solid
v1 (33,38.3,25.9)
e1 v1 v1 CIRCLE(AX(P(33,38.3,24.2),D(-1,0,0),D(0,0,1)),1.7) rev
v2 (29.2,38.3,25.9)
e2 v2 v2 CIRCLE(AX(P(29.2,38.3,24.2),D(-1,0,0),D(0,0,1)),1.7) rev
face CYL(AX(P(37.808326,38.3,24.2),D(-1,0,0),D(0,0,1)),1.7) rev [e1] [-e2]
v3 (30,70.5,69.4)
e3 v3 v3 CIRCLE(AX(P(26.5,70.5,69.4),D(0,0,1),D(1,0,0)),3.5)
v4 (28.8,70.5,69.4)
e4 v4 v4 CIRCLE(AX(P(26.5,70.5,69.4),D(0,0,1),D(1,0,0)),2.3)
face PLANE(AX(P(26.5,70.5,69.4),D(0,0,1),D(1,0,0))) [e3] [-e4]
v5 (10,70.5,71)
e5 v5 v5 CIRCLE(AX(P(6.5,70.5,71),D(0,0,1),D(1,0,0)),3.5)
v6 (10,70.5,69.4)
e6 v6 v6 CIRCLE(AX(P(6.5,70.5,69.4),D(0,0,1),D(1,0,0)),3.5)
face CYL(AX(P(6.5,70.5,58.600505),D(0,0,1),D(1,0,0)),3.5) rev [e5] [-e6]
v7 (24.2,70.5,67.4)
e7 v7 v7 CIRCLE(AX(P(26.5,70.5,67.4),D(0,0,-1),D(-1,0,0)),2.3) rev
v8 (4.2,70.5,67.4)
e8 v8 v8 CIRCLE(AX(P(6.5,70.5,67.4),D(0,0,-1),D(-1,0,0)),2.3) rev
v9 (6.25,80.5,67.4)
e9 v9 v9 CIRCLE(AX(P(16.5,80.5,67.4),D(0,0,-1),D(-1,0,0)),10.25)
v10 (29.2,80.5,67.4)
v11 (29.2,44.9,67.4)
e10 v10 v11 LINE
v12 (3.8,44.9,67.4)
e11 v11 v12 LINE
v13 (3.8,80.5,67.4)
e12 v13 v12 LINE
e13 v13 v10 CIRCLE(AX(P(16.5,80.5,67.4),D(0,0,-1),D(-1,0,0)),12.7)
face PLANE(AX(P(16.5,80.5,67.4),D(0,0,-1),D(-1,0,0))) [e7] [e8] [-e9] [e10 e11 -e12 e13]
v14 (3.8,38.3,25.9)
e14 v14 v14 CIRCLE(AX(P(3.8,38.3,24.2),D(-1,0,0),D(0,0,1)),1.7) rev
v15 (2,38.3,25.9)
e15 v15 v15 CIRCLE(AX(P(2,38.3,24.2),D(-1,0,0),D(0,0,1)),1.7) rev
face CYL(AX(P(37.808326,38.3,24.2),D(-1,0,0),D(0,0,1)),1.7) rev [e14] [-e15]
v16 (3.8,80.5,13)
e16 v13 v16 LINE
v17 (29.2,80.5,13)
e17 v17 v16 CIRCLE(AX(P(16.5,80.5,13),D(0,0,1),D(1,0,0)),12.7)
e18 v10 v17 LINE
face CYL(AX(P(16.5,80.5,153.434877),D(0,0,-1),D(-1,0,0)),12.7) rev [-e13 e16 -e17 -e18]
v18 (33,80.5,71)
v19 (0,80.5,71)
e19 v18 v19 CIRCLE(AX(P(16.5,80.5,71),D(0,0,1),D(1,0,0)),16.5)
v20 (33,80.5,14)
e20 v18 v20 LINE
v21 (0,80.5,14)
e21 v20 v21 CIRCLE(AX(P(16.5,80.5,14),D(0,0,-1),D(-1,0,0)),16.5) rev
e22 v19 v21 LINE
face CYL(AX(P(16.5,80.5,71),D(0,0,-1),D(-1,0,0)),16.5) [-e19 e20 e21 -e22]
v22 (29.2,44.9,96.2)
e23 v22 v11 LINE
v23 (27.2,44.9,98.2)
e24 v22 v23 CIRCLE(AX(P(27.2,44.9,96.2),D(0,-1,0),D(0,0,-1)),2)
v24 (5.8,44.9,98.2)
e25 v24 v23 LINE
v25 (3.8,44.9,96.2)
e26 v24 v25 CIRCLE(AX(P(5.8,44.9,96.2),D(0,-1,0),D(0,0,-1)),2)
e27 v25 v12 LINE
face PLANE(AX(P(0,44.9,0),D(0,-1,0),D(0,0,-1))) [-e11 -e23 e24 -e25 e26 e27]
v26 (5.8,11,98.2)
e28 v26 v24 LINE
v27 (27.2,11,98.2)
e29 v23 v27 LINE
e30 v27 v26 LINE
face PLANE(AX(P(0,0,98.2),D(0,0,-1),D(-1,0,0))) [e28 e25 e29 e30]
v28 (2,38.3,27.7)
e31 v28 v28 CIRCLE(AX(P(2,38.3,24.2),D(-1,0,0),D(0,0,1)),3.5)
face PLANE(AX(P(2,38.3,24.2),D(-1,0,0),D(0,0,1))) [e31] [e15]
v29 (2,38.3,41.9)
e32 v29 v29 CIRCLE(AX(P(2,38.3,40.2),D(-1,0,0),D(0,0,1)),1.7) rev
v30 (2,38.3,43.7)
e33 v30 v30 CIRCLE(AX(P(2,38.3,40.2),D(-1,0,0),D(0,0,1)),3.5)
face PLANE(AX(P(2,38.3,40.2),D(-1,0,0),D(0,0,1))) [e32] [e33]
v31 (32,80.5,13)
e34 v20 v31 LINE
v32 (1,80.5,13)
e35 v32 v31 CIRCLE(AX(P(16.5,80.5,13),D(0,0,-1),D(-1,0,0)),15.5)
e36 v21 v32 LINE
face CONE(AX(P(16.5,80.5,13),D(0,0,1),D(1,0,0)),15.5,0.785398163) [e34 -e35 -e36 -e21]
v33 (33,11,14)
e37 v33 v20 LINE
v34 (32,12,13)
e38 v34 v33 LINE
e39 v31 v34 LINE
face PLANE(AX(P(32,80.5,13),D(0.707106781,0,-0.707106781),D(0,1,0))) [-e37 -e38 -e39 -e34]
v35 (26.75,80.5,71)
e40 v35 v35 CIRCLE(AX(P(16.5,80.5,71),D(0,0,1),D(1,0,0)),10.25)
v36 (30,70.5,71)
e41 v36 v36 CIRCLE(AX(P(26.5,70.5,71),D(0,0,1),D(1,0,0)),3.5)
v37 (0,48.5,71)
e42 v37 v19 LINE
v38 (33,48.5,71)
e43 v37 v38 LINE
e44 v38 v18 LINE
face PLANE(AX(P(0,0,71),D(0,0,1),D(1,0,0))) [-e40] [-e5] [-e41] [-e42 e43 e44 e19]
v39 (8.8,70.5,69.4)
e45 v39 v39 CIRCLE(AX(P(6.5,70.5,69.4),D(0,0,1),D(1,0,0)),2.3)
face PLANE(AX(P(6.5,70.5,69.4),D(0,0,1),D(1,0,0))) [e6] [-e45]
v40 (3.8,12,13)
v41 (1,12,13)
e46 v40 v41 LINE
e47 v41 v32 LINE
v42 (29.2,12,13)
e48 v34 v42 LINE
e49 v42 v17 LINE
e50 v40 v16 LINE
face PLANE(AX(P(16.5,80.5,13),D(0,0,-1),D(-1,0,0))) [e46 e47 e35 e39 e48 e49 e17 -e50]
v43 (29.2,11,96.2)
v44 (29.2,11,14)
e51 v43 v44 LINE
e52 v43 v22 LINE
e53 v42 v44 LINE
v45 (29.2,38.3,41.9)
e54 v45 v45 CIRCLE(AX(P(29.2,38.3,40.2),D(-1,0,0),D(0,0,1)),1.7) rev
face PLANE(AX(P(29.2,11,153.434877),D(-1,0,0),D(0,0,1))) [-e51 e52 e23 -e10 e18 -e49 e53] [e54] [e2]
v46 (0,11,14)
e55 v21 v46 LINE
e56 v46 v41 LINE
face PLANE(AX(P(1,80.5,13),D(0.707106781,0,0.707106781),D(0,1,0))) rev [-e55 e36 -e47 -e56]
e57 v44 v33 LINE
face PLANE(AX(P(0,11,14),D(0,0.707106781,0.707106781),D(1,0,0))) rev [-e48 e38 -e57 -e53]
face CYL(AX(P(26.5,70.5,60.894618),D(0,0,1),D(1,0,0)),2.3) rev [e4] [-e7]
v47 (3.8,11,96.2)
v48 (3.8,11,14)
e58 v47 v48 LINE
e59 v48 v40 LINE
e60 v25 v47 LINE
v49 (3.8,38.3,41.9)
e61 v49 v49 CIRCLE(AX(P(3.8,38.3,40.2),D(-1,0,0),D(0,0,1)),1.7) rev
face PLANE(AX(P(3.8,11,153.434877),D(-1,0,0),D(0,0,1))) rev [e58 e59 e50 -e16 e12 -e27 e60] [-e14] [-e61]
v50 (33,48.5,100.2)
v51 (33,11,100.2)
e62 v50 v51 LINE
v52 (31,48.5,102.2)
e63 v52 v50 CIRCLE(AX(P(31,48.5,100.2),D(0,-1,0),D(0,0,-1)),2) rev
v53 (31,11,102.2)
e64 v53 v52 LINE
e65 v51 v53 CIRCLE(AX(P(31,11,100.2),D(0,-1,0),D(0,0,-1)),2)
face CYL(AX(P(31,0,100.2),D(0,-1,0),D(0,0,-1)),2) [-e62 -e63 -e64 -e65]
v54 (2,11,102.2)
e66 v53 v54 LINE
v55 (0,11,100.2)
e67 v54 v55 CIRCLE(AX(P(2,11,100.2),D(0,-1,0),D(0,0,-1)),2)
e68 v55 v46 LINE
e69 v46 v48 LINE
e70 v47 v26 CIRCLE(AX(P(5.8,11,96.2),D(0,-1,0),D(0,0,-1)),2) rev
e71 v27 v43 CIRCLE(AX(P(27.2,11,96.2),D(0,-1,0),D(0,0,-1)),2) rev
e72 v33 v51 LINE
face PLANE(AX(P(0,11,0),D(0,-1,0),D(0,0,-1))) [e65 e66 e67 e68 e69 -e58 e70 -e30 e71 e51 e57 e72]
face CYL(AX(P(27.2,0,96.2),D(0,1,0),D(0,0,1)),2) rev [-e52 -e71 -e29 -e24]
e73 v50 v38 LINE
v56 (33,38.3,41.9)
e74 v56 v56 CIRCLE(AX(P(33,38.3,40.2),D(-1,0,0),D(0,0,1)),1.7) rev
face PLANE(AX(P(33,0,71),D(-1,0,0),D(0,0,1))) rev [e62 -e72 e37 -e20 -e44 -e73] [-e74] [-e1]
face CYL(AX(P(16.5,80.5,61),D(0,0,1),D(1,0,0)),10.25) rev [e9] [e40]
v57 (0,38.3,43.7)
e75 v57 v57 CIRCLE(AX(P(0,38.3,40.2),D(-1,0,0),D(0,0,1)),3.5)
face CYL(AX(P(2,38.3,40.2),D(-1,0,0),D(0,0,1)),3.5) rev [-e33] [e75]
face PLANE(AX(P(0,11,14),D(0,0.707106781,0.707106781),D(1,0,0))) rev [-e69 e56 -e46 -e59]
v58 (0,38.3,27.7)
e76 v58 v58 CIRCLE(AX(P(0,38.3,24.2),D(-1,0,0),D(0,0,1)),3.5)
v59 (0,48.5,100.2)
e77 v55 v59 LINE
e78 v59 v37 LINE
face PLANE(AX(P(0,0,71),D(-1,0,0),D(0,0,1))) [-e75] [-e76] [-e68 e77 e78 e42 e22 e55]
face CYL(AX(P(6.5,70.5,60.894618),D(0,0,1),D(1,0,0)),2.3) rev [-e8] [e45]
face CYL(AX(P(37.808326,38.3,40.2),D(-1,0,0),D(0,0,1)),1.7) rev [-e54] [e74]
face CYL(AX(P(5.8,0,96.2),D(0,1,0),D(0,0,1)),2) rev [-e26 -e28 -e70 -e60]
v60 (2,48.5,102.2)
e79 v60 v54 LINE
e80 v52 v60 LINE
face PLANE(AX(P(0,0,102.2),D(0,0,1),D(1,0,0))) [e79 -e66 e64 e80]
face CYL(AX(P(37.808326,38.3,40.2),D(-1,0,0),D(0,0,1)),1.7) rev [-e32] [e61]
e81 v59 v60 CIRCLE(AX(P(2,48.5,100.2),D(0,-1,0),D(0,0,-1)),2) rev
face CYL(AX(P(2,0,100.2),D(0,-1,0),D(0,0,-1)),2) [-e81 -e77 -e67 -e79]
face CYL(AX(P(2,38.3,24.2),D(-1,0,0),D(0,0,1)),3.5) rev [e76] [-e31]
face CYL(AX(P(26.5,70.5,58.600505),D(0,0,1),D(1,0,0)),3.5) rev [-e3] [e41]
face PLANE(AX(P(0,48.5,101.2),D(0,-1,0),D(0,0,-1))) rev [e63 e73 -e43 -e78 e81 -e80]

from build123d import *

# Parameters (mm, degrees)
SKETCH1_W                                      = 4
SKETCH1_H                                      = 80.5
BOSS_EXTRUDE1_DEPTH                            = 71
BOSS_EXTRUDE2_START                            = -4
BOSS_EXTRUDE2_DEPTH                            = 4
BOSS_EXTRUDE3_DEPTH                            = 34.2
CUT_EXTRUDE1_DEPTH                             = 13
CUT_EXTRUDE2_DEPTH                             = 13
SKETCH6_R                                      = 1.7
CUT_EXTRUDE3_DEPTH                             = 13
SKETCH7_R                                      = 3.25
CUT_EXTRUDE4_DEPTH                             = 2.5
BOSS_EXTRUDE4_DEPTH                            = 44.5
SKETCH10_W                                     = 46.002383675
SKETCH10_H                                     = 61.711229379
CUT_EXTRUDE5_DEPTH                             = 42
BOSS_EXTRUDE5_DEPTH                            = 4
CUT_EXTRUDE6_DEPTH                             = 10.6
CUT_EXTRUDE7_REACH                             = 148.85
SKETCH13_R                                     = 1.7
SKETCH14_W                                     = 25
SKETCH14_H                                     = 33.9
BOSS_EXTRUDE6_DEPTH                            = 1
CUT_EXTRUDE8_DEPTH                             = 15
SKETCH16_W                                     = 10.4
SKETCH16_H                                     = 1.3
CUT_EXTRUDE9_DEPTH                             = 15
POPUNIO_RUPU_DEPTH                             = 15
SKETCH18_W                                     = 33
SKETCH18_H                                     = 37.9
SASEKAO_ZA_TRI_MM_DEPTH                        = 3
SKETCH19_R                                     = 3.5
SKETCH19_R_2                                   = 3.25
POVE_AO_RUPE_ZA_ZAVRTNJE_DEPTH                 = 2.5
SKRATIO_DNO_DEPTH                              = 0.4
SKETCH21_W                                     = 25
SKETCH21_H                                     = 33.2
NAPRAVIO_MALO_VI_E_MESTA_ZA_VRH_RAZVODNI_DEPTH = 0.4
SKRATIO_CEONI_DEO_DEPTH                        = 0.4
NAPRAVIO_MESTA_ZA_DRZAC_1_REACH                = 137.848
SKETCH24_W                                     = 0.2
SKETCH24_H                                     = 33.9
NAPRAVIO_EMSTA_ZA_DRZAC_2_DEPTH                = 32.8
CHAMFER1_SIZE                                  = 1
SKETCH26_R                                     = 2.3
POVECAO_OTVOR_ZA_M3_DEPTH                      = 1.1
SKETCH27_R                                     = 10.25
POVECAO_OTVOR_ZA_PRIKLJUCAK_DEPTH              = 10
SKETCH28_W                                     = 25.4
SKETCH28_H                                     = 33.9
BOSS_EXTRUDE7_DEPTH                            = 2
ZAOBLJENJE_ZA_PRST_R                           = 2
OBORENA_IVICA_ZA_AKU_SIZE                      = 1
BOSS_EXTRUDE8_START                            = 0.9
SKETCH29_R                                     = 3.5
SKETCH29_R_2                                   = 2.3
BOSS_EXTRUDE8_DEPTH                            = 0.9
SKETCH30_R                                     = 3.5
CUT_EXTRUDE10_DEPTH                            = 2


with BuildPart() as part:
    # Sketch1 → Boss-Extrude1 (new body)
    with BuildSketch(Plane.XY):
        with Locations((2, 40.25)):
            Rectangle(SKETCH1_W, SKETCH1_H)
        with BuildLine():
            Line((0, 80.5), (4, 80.5))
            ThreePointArc((4, 80.5), (16.5, 93), (29, 80.5))
            Line((29, 80.5), (33, 80.5))
            ThreePointArc((33, 80.5), (16.5, 97), (0, 80.5))
        make_face()
        with Locations((31, 40.25)):
            Rectangle(SKETCH1_W, SKETCH1_H)
    extrude(amount=BOSS_EXTRUDE1_DEPTH)

    # Sketch2 → Boss-Extrude2 (add)
    with BuildSketch(Plane.XY.offset(71).offset(BOSS_EXTRUDE2_START)):
        with BuildLine():
            Line((33, 48.5), (0, 48.5))
            Line((0, 48.5), (0, 80.5))
            ThreePointArc((0, 80.5), (16.5, 97), (33, 80.5))
            Line((33, 80.5), (33, 48.5))
        make_face()
    extrude(amount=BOSS_EXTRUDE2_DEPTH)

    # Sketch3 → Boss-Extrude3 (add)
    with BuildSketch(Plane(origin=(0, 0, 67), x_dir=(-1, 0, 0), z_dir=(0, 0, -1))):
        Polygon((-33, 0), (-33, 48.5), (-29, 48.5), (-4, 48.5), (0, 48.5), (0, 0), (-3.837905566, 0), (-4, 44.5), (-29, 44.5), (-29.162094434, 0), align=None)
    extrude(amount=-BOSS_EXTRUDE3_DEPTH)

    # Sketch4 → Cut-Extrude1 (cut)
    with BuildSketch(Plane(origin=(0, 0, 0), x_dir=(-1, 0, 0), z_dir=(0, 0, -1))):
        with BuildLine():
            Line((-4, 80.5), (-4, 0))
            Line((-4, 0), (0, 0))
            Line((0, 0), (0, 80.5))
            ThreePointArc((0, 80.5), (-16.5, 97), (-33, 80.5))
            Line((-33, 80.5), (-33, 0))
            Line((-33, 0), (-29, 0))
            Line((-29, 0), (-29, 80.5))
            ThreePointArc((-29, 80.5), (-16.5, 93), (-4, 80.5))
        make_face()
    extrude(amount=-CUT_EXTRUDE1_DEPTH, mode=Mode.SUBTRACT)

    # Sketch5 → Cut-Extrude2 (cut)
    with BuildSketch(Plane.XY.offset(71)):
        with BuildLine():
            ThreePointArc((26.5, 80.5), (16.5, 90.5), (6.5, 80.5))
            Line((6.5, 80.5), (26.5, 80.5))
        make_face()
        with BuildLine():
            Line((26.5, 80.5), (6.5, 80.5))
            ThreePointArc((6.5, 80.5), (16.5, 70.5), (26.5, 80.5))
        make_face()
    extrude(amount=-CUT_EXTRUDE2_DEPTH, mode=Mode.SUBTRACT)

    # Sketch6 → Cut-Extrude3 (cut)
    with BuildSketch(Plane.XY.offset(71)):
        with Locations((6.5, 70.5)):
            Circle(SKETCH6_R)
        with BuildLine():
            ThreePointArc((28.2, 70.5), (26.5, 72.2), (24.8, 70.5))
            Line((24.8, 70.5), (28.2, 70.5))
        make_face()
        with BuildLine():
            Line((28.2, 70.5), (24.8, 70.5))
            ThreePointArc((24.8, 70.5), (26.5, 68.8), (28.2, 70.5))
        make_face()
    extrude(amount=-CUT_EXTRUDE3_DEPTH, mode=Mode.SUBTRACT)

    # Sketch7 → Cut-Extrude4 (cut)
    with BuildSketch(Plane.XY.offset(71)):
        with Locations((6.5, 70.5)):
            Circle(SKETCH7_R)
        with Locations((26.5, 70.5)):
            Circle(SKETCH7_R)
    extrude(amount=-CUT_EXTRUDE4_DEPTH, mode=Mode.SUBTRACT)

    # Sketch9 → Boss-Extrude4 (add)
    with BuildSketch(Plane.XZ):
        Polygon((29.162094434, 101.2), (29.162094434, 71), (29, 71), (29, 120), align=None)
        Polygon((4, 120), (3.837905566, 101.2), (3.837905566, 71), (4, 71), align=None)
    extrude(amount=-BOSS_EXTRUDE4_DEPTH)

    # Sketch10 → Cut-Extrude5 (cut)
    with BuildSketch(Plane.XY.offset(101.2)):
        with Locations((17.24268837, 24.291112106)):
            Rectangle(SKETCH10_W, SKETCH10_H)
    extrude(amount=CUT_EXTRUDE5_DEPTH, mode=Mode.SUBTRACT)

    # Sketch11 → Boss-Extrude5 (add)
    with BuildSketch(Plane.XY.offset(101.2)):
        Polygon((29, 0), (4, 0), (0, 0), (0, 48.5), (33, 48.5), (33, 0), align=None)
    extrude(amount=BOSS_EXTRUDE5_DEPTH)

    # Sketch12 → Cut-Extrude6 (cut)
    with BuildSketch(Plane.XZ):
        Polygon((4, 13), (4, 101.2), (29, 101.2), (29, 13), (33, 13), (33, 105.2), (0, 105.2), (0, 13), align=None)
    extrude(amount=-CUT_EXTRUDE6_DEPTH, mode=Mode.SUBTRACT)

    # Cut-Extrude7: up to this face of the body (flat: up to its plane)
    cut_extrude7_end = Plane(part.part.faces().sort_by_distance((33, 41.673849147, 53.168159645))[0])
    # Sketch13 → Cut-Extrude7 (cut, up to the picked face)
    with BuildSketch(Plane.ZY, mode=Mode.PRIVATE) as cut_extrude7_sk1:
        with Locations((40.2, 38.3)):
            Circle(SKETCH13_R)
    cut_extrude7_tool1 = split(extrude(cut_extrude7_sk1.sketch, amount=-CUT_EXTRUDE7_REACH, mode=Mode.PRIVATE), bisect_by=cut_extrude7_end, keep=Keep.BOTH, mode=Mode.PRIVATE)
    # Sketch13 → Cut-Extrude7 (cut, up to the picked face)
    with BuildSketch(Plane.ZY, mode=Mode.PRIVATE) as cut_extrude7_sk2:
        with Locations((24.2, 38.3)):
            Circle(SKETCH13_R)
    cut_extrude7_tool2 = split(extrude(cut_extrude7_sk2.sketch, amount=-CUT_EXTRUDE7_REACH, mode=Mode.PRIVATE), bisect_by=cut_extrude7_end, keep=Keep.BOTH, mode=Mode.PRIVATE)
    add(cut_extrude7_tool1.solids().sort_by(Axis((0, 38.3, 40.2), (1, 0, 0)))[0], mode=Mode.SUBTRACT)
    add(cut_extrude7_tool2.solids().sort_by(Axis((0, 38.3, 24.2), (1, 0, 0)))[0], mode=Mode.SUBTRACT)

    # Sketch14 → Boss-Extrude6 (add)
    with BuildSketch(Plane(origin=(0, 0, 101.2), x_dir=(-1, 0, 0), z_dir=(0, 0, -1))):
        with Locations((-16.5, 27.55)):
            Rectangle(SKETCH14_W, SKETCH14_H)
    extrude(amount=BOSS_EXTRUDE6_DEPTH)

    # Sketch15 → Cut-Extrude8 (cut)
    with BuildSketch(Plane.XZ.offset(-10.6)):
        Polygon((26.7, 103.9), (6.3, 103.9), (6.3, 101.5), (16.5, 101.5), (26.7, 101.5), align=None)
    extrude(amount=-CUT_EXTRUDE8_DEPTH, mode=Mode.SUBTRACT)

    # Sketch16 → Cut-Extrude9 (cut)
    with BuildSketch(Plane.XZ.offset(-10.6)):
        with Locations((16.5, 104.55)):
            Rectangle(SKETCH16_W, SKETCH16_H)
    extrude(amount=-CUT_EXTRUDE9_DEPTH, mode=Mode.SUBTRACT)

    # Sketch17 → popunio rupu (add)
    with BuildSketch(Plane.XZ.offset(-25.6)):
        Polygon((26.7, 103.9), (21.7, 103.9), (21.7, 105.2), (11.3, 105.2), (11.3, 103.9), (6.3, 103.9), (6.3, 101.5), (26.7, 101.5), align=None)
    extrude(amount=POPUNIO_RUPU_DEPTH)

    # Sketch18 → sasekao za tri mm (cut)
    with BuildSketch(Plane.XY.offset(105.2)):
        with Locations((16.5, 29.55)):
            Rectangle(SKETCH18_W, SKETCH18_H)
    extrude(amount=-SASEKAO_ZA_TRI_MM_DEPTH, mode=Mode.SUBTRACT)

    # Sketch19 → pove'ao rupe za zavrtnje (cut)
    # profile 1 of 2: a face of its own
    with BuildSketch(Plane.XY.offset(71)):
        with Locations((6.5, 70.5)):
            Circle(SKETCH19_R)
        with Locations((6.5, 70.5)):
            Circle(SKETCH19_R_2, mode=Mode.SUBTRACT)
    # profile 2 of 2: a face of its own
    with BuildSketch(Plane.XY.offset(71)):
        with Locations((26.5, 70.5)):
            Circle(SKETCH19_R)
    extrude(amount=-POVE_AO_RUPE_ZA_ZAVRTNJE_DEPTH, mode=Mode.SUBTRACT)

    # Sketch20 → skratio dno (cut)
    with BuildSketch(Plane.XZ.offset(-10.6)):
        Polygon((33, 13), (33, 102.2), (0, 102.2), (0, 13), (4, 13), (4, 100.2), (29, 100.2), (29, 13), align=None)
    extrude(amount=-SKRATIO_DNO_DEPTH, mode=Mode.SUBTRACT)

    # Sketch21 → napravio malo vi[e mesta za vrh razvodnika (cut)
    with BuildSketch(Plane.XZ.offset(-44.5)):
        with Locations((16.5, 83.6)):
            Rectangle(SKETCH21_W, SKETCH21_H)
    extrude(amount=-NAPRAVIO_MALO_VI_E_MESTA_ZA_VRH_RAZVODNI_DEPTH, mode=Mode.SUBTRACT)

    # Sketch22 → skratio ceoni deo (cut)
    with BuildSketch(Plane(origin=(0, 0, 67), x_dir=(-1, 0, 0), z_dir=(0, 0, -1))):
        with BuildLine():
            Line((-29, 44.9), (-4, 44.9))
            Line((-4, 44.9), (-4, 80.5))
            ThreePointArc((-4, 80.5), (-16.5, 93), (-29, 80.5))
            Line((-29, 80.5), (-29, 44.9))
        make_face()
    extrude(amount=-SKRATIO_CEONI_DEO_DEPTH, mode=Mode.SUBTRACT)

    # napravio mesta za drzac 1: up to this face of the body (flat: up to its plane)
    napravio_mesta_za_drzac_1_end = Plane(part.part.faces().sort_by_distance((16.5, 62.621792599, 67.4))[0])
    # Sketch23 → napravio mesta za drzac 1 (cut, up to the picked face)
    with BuildSketch(Plane(origin=(0, 0, 13), x_dir=(-1, 0, 0), z_dir=(0, 0, -1)), mode=Mode.PRIVATE) as napravio_mesta_za_drzac_1_sk1:
        with BuildLine():
            Line((-29, 80.5), (-29, 11))
            Line((-29, 11), (-29.2, 11))
            Line((-29.2, 11), (-29.2, 80.5))
            ThreePointArc((-29.2, 80.5), (-16.5, 93.2), (-3.8, 80.5))
            Line((-3.8, 80.5), (-3.8, 11))
            Line((-3.8, 11), (-4, 11))
            Line((-4, 11), (-4, 80.5))
            ThreePointArc((-4, 80.5), (-16.5, 93), (-29, 80.5))
        make_face()
    napravio_mesta_za_drzac_1_tool1 = split(extrude(napravio_mesta_za_drzac_1_sk1.sketch, amount=-NAPRAVIO_MESTA_ZA_DRZAC_1_REACH, mode=Mode.PRIVATE), bisect_by=napravio_mesta_za_drzac_1_end, keep=Keep.BOTH, mode=Mode.PRIVATE)
    add(napravio_mesta_za_drzac_1_tool1.solids().sort_by(Axis((16.5, 93.113965, 13), (0, 0, 1)))[0], mode=Mode.SUBTRACT)

    # Sketch24 → napravio emsta za drzac 2 (cut)
    with BuildSketch(Plane(origin=(0, 0, 67.4), x_dir=(-1, 0, 0), z_dir=(0, 0, -1))):
        with Locations((-3.9, 27.95)):
            Rectangle(SKETCH24_W, SKETCH24_H)
        with Locations((-29.1, 27.95)):
            Rectangle(SKETCH24_W, SKETCH24_H)
    extrude(amount=-NAPRAVIO_EMSTA_ZA_DRZAC_2_DEPTH, mode=Mode.SUBTRACT)

    # Chamfer1
    chamfer1_edges = [part.edges().sort_by_distance(p)[0] for p in [
        (1.9, 11, 13),
        (31.1, 11, 13),
    ]]
    chamfer(chamfer1_edges, length=CHAMFER1_SIZE)

    # Sketch26 → povecao otvor za M3 (cut)
    with BuildSketch(Plane.XY.offset(68.5)):
        with Locations((26.5, 70.5)):
            Circle(SKETCH26_R)
        with Locations((6.5, 70.5)):
            Circle(SKETCH26_R)
    extrude(amount=-POVECAO_OTVOR_ZA_M3_DEPTH, mode=Mode.SUBTRACT)

    # Sketch27 → povecao otvor za prikljucak (cut)
    with BuildSketch(Plane.XY.offset(71)):
        with Locations((16.5, 80.5)):
            Circle(SKETCH27_R)
    extrude(amount=-POVECAO_OTVOR_ZA_PRIKLJUCAK_DEPTH, mode=Mode.SUBTRACT)

    # Sketch28 → Boss-Extrude7 (add)
    with BuildSketch(Plane(origin=(0, 0, 100.2), x_dir=(-1, 0, 0), z_dir=(0, 0, -1))):
        with Locations((-16.5, 27.95)):
            Rectangle(SKETCH28_W, SKETCH28_H)
    extrude(amount=BOSS_EXTRUDE7_DEPTH)

    # zaobljenje za prst
    zaobljenje_za_prst_edges = [part.edges().sort_by_distance(p)[0] for p in [
        (0, 29.75, 102.2),
        (33, 29.75, 102.2),
        (3.8, 27.95, 98.2),
        (29.2, 27.95, 98.2),
    ]]
    fillet(zaobljenje_za_prst_edges, radius=ZAOBLJENJE_ZA_PRST_R)

    # oborena ivica za šaku
    oborena_ivica_za_aku_edges = [part.edges().sort_by_distance(p)[0] for p in [
        (0, 46.25, 13),
        (16.5, 97, 13),
        (33, 46.25, 13),
    ]]
    chamfer(oborena_ivica_za_aku_edges, length=OBORENA_IVICA_ZA_AKU_SIZE)

    # Sketch29 → Boss-Extrude8 (add)
    # profile 1 of 2: a face of its own
    with BuildSketch(Plane.XY.offset(68.5).offset(BOSS_EXTRUDE8_START)):
        with Locations((6.5, 70.5)):
            Circle(SKETCH29_R)
        with Locations((6.5, 70.5)):
            Circle(SKETCH29_R_2, mode=Mode.SUBTRACT)
    # profile 2 of 2: a face of its own
    with BuildSketch(Plane.XY.offset(68.5).offset(BOSS_EXTRUDE8_START)):
        with Locations((26.5, 70.5)):
            Circle(SKETCH29_R)
        with Locations((26.5, 70.5)):
            Circle(SKETCH29_R_2, mode=Mode.SUBTRACT)
    extrude(amount=-BOSS_EXTRUDE8_DEPTH)

    # Sketch30 → Cut-Extrude10 (cut)
    with BuildSketch(Plane.ZY):
        with Locations((24.2, 38.3)):
            Circle(SKETCH30_R)
        with Locations((40.2, 38.3)):
            Circle(SKETCH30_R)
    extrude(amount=-CUT_EXTRUDE10_DEPTH, mode=Mode.SUBTRACT)


solid = part.part
